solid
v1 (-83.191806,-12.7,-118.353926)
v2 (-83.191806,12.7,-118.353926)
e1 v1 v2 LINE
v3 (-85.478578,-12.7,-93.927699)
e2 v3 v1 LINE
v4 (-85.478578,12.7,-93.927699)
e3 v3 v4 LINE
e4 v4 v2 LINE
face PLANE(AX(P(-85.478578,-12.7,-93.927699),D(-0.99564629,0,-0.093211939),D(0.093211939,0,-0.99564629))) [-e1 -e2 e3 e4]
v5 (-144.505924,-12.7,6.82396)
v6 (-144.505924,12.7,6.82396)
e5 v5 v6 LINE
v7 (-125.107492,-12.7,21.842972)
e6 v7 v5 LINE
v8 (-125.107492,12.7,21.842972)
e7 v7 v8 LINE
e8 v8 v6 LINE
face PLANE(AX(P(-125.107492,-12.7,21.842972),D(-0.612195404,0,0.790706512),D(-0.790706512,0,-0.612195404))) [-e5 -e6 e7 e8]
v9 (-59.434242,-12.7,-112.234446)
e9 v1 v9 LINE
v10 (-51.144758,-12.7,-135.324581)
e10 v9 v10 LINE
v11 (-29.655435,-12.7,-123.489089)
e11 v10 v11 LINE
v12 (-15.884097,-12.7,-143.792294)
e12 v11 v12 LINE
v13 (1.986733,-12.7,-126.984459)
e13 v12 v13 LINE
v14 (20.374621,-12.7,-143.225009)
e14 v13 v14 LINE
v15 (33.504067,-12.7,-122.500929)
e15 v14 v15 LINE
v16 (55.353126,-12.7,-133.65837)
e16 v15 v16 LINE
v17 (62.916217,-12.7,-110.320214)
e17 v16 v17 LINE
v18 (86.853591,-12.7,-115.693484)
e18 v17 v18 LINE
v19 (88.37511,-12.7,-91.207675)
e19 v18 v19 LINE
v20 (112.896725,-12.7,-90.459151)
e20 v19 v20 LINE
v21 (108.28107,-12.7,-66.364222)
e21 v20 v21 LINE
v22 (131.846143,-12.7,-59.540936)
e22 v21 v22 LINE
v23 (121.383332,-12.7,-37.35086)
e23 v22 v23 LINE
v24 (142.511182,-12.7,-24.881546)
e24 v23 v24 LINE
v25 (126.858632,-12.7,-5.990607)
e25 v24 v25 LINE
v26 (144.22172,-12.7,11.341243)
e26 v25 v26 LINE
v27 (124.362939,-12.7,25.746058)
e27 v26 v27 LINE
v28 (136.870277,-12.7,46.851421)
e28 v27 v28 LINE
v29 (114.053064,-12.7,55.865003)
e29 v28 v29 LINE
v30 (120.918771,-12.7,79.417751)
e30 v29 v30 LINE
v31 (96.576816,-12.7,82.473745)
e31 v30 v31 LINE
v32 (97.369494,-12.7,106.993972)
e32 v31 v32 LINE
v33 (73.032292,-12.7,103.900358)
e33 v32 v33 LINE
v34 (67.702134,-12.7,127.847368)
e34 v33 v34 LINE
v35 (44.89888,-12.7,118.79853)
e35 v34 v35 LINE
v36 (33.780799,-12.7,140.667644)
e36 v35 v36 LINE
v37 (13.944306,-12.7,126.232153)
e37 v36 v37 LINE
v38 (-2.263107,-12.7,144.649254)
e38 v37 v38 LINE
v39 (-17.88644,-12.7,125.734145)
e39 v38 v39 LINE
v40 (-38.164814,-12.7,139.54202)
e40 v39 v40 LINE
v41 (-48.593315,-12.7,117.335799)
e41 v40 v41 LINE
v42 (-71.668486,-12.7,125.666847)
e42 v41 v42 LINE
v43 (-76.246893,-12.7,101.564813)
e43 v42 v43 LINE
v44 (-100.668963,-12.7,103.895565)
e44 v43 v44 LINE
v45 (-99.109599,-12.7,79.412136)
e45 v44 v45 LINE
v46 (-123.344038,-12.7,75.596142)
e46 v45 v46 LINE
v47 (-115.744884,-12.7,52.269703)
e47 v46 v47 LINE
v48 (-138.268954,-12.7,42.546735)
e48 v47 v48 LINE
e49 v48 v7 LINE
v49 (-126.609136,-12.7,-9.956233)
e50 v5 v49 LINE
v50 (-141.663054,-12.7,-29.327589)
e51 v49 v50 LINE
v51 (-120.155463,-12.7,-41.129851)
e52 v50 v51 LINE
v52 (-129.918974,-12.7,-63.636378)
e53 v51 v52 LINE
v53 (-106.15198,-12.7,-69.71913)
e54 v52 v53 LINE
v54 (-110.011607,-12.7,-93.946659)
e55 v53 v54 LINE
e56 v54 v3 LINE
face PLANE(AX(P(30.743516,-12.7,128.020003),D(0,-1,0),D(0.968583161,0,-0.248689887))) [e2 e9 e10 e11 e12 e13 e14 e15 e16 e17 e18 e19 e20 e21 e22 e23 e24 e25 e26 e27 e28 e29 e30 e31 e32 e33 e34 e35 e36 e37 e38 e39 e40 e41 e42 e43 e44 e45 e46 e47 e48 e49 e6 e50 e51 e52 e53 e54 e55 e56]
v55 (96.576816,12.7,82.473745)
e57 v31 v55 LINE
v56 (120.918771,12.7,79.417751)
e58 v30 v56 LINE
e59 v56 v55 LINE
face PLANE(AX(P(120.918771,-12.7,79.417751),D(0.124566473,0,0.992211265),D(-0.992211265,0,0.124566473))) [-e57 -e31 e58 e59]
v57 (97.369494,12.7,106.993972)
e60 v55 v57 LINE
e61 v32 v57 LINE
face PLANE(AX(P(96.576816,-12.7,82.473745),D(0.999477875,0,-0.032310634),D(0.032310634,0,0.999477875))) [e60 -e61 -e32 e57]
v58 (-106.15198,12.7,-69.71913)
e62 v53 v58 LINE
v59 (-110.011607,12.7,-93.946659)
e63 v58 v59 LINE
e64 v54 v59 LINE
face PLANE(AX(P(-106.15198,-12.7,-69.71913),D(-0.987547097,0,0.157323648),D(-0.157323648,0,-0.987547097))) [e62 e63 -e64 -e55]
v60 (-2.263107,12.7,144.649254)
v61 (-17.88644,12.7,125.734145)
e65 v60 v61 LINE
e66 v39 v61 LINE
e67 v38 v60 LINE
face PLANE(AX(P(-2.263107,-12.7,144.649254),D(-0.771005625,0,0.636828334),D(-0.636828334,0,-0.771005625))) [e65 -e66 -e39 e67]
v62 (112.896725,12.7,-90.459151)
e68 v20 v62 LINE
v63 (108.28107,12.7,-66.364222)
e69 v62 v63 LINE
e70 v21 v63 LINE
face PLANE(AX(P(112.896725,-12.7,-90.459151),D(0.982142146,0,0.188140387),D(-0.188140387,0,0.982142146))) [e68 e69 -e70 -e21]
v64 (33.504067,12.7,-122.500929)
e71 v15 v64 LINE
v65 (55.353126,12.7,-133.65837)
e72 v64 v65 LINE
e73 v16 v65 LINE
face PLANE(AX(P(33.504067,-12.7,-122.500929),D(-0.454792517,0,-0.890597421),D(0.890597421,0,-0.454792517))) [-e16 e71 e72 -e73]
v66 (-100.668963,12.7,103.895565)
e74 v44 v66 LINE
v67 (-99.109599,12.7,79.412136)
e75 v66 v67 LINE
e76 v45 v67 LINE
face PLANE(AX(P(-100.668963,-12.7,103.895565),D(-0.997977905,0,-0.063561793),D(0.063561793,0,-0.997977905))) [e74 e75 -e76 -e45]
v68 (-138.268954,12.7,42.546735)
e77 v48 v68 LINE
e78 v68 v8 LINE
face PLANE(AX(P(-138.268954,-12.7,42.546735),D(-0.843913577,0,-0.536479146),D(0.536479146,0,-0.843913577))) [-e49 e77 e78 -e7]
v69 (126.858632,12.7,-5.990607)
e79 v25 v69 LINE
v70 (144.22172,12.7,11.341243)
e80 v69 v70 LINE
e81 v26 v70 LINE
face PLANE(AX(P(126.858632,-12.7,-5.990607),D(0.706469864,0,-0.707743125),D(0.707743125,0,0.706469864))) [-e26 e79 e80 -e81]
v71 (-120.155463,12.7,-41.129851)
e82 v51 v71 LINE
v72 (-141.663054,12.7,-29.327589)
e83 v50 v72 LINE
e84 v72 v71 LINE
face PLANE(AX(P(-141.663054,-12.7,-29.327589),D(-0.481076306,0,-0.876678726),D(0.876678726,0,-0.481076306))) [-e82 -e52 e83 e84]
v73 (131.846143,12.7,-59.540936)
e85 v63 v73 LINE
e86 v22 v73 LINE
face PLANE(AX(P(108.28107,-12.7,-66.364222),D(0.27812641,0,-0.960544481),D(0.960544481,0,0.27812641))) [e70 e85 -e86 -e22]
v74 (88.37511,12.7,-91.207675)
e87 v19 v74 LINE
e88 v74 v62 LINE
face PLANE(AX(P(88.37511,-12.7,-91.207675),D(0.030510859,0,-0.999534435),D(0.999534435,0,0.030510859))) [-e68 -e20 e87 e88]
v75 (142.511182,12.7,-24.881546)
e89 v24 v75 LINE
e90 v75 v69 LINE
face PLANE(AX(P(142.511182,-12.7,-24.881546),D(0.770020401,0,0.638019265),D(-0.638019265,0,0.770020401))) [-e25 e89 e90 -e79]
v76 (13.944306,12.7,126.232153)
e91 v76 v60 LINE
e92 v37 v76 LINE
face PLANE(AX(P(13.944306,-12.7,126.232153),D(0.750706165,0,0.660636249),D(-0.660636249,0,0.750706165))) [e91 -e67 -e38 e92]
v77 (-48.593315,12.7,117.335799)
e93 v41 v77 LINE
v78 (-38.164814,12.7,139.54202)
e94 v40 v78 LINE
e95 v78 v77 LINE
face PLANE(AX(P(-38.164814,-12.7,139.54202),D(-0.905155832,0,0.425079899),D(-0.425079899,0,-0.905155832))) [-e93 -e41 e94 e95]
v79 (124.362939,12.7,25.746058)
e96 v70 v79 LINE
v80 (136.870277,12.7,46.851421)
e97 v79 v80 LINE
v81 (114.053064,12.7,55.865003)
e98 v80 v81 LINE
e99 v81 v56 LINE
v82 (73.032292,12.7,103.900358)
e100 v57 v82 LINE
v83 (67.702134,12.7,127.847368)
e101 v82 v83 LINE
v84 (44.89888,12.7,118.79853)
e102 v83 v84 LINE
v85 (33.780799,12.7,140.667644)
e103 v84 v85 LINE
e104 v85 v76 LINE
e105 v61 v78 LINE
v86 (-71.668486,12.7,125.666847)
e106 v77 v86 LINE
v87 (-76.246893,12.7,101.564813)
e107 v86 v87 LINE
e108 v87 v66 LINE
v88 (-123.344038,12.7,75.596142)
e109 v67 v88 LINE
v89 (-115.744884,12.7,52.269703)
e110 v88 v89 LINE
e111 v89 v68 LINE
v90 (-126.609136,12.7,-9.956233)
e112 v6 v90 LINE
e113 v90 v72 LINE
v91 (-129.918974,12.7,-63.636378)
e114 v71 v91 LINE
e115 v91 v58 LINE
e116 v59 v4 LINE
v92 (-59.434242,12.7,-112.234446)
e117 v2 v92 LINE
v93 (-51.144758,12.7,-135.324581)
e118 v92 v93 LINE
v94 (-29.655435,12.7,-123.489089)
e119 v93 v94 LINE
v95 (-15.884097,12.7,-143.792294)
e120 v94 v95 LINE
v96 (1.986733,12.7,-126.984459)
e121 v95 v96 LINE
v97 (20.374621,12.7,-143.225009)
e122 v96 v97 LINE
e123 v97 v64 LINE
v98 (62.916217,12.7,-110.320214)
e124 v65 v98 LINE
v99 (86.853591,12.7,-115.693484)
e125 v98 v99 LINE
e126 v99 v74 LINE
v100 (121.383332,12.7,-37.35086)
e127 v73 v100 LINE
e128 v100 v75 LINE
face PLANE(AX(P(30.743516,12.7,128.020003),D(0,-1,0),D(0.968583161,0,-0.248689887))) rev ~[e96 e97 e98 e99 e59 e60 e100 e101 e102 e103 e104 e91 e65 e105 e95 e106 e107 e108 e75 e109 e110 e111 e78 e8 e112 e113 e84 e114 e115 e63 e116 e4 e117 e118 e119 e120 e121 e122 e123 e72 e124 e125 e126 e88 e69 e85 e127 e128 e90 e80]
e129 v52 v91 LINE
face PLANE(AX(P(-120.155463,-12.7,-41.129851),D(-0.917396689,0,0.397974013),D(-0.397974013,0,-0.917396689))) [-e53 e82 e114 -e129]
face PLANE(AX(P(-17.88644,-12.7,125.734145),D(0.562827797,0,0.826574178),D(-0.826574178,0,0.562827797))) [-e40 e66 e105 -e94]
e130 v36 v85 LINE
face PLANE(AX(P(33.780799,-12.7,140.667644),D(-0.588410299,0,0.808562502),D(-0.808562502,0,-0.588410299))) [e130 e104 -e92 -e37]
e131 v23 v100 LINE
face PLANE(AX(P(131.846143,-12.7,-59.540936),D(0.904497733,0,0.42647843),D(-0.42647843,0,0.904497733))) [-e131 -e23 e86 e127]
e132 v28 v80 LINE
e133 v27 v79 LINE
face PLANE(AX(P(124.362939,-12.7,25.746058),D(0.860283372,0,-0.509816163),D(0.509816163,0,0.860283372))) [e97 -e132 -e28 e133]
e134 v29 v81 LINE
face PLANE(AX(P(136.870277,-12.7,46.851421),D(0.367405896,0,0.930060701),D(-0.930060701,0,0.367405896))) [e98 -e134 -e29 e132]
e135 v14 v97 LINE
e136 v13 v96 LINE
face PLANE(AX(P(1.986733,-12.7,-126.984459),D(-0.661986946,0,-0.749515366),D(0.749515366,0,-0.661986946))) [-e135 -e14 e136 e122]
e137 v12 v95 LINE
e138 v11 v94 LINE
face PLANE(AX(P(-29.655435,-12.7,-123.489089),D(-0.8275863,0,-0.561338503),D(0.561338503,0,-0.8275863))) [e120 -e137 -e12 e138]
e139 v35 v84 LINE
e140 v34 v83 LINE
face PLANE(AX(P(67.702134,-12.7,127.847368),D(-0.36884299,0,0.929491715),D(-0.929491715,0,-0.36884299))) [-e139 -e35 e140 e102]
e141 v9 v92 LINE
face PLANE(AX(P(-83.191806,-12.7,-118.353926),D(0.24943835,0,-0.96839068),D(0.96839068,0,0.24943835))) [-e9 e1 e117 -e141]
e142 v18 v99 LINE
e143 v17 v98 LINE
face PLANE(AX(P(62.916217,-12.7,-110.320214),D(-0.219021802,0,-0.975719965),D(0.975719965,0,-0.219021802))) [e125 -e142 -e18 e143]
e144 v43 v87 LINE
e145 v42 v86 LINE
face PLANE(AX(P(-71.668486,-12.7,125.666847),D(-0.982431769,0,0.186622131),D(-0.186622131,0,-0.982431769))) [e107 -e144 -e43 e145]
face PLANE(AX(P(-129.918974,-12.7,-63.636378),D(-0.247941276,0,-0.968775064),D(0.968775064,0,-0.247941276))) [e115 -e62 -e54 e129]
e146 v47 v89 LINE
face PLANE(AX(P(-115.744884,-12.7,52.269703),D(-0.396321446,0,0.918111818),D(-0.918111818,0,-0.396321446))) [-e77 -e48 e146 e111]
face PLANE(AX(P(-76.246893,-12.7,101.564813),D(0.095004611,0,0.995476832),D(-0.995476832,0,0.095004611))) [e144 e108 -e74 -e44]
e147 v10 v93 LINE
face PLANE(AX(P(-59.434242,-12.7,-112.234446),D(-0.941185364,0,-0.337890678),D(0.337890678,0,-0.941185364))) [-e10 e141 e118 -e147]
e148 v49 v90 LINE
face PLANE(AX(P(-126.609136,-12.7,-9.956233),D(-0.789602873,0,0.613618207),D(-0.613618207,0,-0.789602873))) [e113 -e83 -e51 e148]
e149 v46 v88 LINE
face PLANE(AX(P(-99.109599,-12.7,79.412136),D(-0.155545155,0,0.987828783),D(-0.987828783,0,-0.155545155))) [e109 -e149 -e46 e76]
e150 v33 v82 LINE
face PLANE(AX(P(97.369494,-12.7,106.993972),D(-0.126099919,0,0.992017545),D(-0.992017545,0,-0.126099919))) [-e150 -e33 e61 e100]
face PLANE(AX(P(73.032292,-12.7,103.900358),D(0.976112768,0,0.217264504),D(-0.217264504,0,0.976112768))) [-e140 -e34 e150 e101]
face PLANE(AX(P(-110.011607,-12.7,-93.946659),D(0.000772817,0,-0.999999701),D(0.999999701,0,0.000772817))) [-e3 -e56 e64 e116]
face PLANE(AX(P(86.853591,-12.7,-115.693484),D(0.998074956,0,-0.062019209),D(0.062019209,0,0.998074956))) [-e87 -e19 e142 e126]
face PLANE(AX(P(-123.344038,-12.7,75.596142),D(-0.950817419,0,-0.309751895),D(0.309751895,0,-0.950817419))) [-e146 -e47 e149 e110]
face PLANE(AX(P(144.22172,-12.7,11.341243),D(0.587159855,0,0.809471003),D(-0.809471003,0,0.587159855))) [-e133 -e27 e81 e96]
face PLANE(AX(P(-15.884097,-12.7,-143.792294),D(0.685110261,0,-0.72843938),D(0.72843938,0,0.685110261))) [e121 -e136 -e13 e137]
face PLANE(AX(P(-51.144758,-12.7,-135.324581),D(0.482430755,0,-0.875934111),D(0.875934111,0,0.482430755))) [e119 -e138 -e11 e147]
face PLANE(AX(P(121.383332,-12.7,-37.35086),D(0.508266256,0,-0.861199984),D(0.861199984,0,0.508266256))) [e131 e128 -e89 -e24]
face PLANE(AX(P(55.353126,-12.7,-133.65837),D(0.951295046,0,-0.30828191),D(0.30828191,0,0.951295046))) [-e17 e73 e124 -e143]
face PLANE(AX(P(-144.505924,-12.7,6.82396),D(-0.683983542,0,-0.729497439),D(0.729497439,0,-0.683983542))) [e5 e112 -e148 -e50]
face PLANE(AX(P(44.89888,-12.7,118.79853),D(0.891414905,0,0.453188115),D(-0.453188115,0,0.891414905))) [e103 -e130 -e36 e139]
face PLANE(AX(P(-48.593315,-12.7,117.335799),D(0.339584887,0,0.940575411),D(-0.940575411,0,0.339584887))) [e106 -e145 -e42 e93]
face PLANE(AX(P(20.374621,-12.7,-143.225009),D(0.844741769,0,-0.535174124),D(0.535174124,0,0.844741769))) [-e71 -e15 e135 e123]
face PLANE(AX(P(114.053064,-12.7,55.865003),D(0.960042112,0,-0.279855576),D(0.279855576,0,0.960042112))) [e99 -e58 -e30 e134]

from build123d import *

# Parameters (mm, degrees)
F0_R     = 127
F1_DEPTH = 12.7
F3_DEPTH = 25.4
F4_COUNT = 25


with BuildPart() as f1:
    # F0 (on Front) → F1 (new body, symmetric)
    with BuildSketch(Plane.XZ):
        Circle(F0_R)
    extrude(amount=F1_DEPTH, both=True)

    # F2 (on face) → F3 (join)
    with BuildSketch(Plane.XZ.offset(12.7)):
        Polygon((-2.263107348, 144.6492542012), (-17.8864400176, 125.7341451774), (13.9443057634, 126.2321525475), align=None)
    extrude(amount=-F3_DEPTH)

    # F4: F1 ×25 about axis
    f4_axis = Axis((0, 0, 0), (0, -1, 0))


with BuildPart() as f1_1:
    add(f1.part)
    for i in range(1, F4_COUNT):
        add(f1.part.rotate(f4_axis, i * 360 / F4_COUNT))


solid = f1_1.part
